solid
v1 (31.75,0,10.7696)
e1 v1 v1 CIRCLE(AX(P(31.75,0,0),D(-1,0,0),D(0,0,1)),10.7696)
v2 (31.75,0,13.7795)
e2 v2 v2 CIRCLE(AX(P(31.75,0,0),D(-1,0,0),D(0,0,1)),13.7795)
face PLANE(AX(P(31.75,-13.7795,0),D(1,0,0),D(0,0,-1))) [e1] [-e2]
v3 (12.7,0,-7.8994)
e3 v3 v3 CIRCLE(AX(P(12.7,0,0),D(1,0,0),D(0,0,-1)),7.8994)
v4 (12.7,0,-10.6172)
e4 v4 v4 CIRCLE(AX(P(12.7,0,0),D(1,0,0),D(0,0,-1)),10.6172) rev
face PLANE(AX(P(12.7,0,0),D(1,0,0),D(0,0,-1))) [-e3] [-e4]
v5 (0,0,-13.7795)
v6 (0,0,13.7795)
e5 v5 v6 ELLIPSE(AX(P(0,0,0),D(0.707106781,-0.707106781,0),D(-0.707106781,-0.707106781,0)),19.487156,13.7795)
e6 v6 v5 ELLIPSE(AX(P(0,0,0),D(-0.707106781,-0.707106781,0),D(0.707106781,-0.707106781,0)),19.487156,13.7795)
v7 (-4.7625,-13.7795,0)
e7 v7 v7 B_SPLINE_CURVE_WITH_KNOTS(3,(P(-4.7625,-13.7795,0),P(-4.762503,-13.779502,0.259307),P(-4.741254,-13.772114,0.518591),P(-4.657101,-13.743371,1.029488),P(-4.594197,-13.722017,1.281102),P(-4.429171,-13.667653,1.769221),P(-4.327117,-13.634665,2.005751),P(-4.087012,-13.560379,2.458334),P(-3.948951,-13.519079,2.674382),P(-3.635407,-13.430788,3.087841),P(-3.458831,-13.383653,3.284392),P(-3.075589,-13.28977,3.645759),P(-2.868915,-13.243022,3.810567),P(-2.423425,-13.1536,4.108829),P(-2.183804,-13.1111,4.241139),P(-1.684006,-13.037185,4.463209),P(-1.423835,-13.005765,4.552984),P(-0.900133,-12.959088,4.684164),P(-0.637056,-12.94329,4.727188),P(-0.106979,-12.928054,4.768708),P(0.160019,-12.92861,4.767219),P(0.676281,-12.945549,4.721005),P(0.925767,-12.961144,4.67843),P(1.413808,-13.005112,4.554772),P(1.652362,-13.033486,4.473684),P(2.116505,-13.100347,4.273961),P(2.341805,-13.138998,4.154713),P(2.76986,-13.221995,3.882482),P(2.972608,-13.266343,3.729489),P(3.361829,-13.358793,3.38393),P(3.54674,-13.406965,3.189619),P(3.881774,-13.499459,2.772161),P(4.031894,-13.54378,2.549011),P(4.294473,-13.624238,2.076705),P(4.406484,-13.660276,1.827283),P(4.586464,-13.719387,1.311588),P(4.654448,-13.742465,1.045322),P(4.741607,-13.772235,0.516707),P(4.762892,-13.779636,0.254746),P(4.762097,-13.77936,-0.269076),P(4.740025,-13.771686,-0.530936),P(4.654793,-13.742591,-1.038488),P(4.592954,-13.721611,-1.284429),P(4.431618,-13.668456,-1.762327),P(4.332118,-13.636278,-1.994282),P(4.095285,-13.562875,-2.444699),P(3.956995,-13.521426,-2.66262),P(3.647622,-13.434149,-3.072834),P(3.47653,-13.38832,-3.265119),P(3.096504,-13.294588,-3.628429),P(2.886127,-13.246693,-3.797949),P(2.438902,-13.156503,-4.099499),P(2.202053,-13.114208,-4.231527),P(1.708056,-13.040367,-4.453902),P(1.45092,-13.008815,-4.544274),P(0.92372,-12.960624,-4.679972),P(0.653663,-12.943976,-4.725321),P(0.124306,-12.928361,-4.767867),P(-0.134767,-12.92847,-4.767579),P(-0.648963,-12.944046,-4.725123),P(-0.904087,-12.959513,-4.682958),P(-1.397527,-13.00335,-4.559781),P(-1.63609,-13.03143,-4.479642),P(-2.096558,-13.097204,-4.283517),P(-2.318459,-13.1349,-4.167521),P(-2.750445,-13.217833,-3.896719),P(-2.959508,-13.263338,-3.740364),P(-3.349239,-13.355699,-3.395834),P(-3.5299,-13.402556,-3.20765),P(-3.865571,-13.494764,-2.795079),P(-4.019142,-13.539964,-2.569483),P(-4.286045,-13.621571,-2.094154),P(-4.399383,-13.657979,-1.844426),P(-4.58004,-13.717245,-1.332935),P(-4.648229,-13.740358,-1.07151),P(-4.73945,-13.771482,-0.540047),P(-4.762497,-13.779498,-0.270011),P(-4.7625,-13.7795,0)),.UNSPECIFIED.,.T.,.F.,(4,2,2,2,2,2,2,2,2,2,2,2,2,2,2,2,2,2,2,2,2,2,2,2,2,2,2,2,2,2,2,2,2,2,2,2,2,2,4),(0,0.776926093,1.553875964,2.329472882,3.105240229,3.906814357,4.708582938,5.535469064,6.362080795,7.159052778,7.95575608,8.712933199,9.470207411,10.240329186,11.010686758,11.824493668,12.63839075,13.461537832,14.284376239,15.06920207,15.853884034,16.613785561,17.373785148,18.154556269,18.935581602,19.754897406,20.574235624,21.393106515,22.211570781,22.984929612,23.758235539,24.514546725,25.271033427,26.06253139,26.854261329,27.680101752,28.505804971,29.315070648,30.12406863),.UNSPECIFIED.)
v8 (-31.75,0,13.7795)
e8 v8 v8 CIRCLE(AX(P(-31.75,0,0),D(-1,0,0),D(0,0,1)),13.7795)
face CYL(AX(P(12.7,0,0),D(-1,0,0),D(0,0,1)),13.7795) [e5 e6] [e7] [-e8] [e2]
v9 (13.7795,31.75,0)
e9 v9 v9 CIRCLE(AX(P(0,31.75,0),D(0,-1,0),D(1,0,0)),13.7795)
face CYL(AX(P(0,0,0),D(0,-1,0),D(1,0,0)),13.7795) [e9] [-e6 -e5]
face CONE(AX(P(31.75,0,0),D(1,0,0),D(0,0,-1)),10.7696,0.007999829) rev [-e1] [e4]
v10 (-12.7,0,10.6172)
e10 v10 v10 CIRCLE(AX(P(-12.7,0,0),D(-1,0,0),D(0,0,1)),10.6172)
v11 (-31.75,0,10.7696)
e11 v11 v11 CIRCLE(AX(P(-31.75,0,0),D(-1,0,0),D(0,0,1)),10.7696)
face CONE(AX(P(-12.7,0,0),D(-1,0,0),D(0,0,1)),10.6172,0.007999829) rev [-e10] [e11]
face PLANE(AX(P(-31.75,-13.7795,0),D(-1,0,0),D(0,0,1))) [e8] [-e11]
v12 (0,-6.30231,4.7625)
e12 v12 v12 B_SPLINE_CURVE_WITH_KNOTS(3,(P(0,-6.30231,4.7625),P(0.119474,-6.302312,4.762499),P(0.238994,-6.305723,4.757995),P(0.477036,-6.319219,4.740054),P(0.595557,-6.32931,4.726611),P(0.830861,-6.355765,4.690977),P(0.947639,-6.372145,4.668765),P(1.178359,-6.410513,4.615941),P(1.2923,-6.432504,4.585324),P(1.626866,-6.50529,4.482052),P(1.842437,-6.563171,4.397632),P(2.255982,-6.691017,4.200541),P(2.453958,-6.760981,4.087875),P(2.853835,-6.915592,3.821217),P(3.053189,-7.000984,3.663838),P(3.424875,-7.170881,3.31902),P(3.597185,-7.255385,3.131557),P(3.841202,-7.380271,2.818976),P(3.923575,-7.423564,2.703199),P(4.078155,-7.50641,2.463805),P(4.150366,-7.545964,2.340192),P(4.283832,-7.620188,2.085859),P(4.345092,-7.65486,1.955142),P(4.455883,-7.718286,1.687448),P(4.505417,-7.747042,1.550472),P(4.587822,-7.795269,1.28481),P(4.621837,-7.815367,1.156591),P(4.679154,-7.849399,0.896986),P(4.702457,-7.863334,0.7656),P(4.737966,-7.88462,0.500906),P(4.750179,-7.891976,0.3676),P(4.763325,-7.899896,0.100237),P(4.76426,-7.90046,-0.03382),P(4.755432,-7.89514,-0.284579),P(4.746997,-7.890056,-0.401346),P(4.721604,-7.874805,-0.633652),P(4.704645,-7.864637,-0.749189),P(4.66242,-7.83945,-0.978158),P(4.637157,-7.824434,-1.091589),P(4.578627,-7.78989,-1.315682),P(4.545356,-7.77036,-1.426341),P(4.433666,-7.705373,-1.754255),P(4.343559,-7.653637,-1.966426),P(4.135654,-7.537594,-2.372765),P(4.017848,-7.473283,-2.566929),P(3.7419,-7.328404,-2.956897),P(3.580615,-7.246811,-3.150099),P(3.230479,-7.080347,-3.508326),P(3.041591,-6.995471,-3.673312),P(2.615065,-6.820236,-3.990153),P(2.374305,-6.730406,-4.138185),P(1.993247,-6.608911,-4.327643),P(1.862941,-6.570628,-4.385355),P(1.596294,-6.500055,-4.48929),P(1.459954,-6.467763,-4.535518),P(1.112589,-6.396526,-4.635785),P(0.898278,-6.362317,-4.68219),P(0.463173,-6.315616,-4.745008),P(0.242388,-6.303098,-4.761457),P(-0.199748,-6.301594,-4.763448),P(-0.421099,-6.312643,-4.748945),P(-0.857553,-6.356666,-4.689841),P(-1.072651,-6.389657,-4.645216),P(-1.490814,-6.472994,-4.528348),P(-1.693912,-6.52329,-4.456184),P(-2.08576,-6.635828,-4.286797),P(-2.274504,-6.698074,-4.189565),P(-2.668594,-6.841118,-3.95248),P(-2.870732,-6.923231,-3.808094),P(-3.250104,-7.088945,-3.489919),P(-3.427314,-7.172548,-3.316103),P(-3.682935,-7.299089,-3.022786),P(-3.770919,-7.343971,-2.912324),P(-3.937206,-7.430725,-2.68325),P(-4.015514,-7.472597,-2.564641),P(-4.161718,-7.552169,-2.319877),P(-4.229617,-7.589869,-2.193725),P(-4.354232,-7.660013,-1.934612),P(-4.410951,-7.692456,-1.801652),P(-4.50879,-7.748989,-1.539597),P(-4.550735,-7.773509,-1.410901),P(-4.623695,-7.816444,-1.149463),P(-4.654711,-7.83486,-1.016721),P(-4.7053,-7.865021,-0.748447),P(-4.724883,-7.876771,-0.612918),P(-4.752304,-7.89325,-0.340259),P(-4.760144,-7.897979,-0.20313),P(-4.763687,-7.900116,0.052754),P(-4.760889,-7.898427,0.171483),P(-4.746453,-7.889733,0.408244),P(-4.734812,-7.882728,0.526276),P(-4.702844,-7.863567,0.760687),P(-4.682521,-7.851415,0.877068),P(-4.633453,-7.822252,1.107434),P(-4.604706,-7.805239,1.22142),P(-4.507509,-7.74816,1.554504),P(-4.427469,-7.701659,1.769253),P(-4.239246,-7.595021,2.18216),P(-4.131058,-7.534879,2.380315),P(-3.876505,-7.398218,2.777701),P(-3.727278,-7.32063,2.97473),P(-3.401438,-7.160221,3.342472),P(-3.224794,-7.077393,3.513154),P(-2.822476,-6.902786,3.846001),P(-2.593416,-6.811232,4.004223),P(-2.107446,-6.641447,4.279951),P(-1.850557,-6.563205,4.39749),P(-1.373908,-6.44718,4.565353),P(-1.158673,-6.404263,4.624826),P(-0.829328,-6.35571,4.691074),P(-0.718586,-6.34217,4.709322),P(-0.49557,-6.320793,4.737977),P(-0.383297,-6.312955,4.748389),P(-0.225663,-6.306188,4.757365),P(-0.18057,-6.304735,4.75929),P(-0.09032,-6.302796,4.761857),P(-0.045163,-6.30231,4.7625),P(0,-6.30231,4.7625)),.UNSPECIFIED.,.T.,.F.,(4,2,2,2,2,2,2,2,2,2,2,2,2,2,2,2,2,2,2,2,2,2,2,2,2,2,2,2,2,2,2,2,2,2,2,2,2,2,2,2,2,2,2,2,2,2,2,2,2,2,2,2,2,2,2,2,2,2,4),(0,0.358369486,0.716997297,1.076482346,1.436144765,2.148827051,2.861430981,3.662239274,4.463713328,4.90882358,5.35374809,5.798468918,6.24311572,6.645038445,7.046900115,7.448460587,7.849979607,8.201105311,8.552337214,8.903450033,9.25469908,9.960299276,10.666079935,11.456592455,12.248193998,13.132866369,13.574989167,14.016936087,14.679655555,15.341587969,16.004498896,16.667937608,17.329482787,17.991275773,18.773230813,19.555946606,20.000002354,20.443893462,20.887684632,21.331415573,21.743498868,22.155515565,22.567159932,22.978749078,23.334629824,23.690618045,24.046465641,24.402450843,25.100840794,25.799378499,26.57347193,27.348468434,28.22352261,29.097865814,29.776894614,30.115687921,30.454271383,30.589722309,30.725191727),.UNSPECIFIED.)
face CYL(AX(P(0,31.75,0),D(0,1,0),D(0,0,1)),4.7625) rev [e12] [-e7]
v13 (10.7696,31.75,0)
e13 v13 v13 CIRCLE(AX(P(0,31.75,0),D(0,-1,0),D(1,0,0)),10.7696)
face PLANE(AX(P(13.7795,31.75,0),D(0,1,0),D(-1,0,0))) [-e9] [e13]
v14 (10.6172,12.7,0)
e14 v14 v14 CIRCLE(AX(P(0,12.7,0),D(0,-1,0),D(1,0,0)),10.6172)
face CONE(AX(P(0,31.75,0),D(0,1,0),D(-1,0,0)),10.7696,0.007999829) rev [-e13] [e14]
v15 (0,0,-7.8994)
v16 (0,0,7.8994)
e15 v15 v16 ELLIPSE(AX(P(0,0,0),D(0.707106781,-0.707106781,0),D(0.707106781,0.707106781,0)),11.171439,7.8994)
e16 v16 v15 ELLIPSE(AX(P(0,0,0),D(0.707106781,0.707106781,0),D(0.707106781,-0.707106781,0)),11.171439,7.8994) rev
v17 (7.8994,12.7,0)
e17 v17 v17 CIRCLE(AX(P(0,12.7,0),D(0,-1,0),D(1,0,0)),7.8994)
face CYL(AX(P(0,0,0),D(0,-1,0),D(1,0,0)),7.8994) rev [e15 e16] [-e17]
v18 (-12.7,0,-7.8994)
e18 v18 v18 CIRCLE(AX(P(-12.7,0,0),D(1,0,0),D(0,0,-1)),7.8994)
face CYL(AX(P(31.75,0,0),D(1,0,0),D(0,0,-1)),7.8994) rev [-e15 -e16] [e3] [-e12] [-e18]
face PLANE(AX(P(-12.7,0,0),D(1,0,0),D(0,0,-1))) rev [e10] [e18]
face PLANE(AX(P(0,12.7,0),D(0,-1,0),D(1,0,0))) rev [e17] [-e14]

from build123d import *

# Parameters (mm, degrees)
SKETCH4_R                    = 13.7795
BOSS_EXTRUDE1_DEPTH          = 25.4
SKETCH5_R                    = 13.7795
BOSS_EXTRUDE2_DEPTH          = 12.7
F_3_8_0_375_DIAMETER_HOLE1_D = 9.525


with BuildPart() as part:
    # Sketch1 → Revolve1 (revolve)
    with BuildSketch(Plane.XY):
        Polygon((-31.75, -13.7795), (-12.7, -13.7795), (-12.7, -10.6172), (-31.75, -10.7696), align=None)
        Polygon((31.75, -10.7696), (12.7, -10.6172), (12.7, -13.7795), (31.75, -13.7795), align=None)
    revolve(axis=Axis((-31.75, 0, 0), (1, 0, 0)))



with BuildPart() as body_2:
    # Sketch2 → Revolve2 (revolve)
    with BuildSketch(Plane.XY):
        Polygon((10.7696, 31.75), (10.6172, 12.7), (13.7795, 12.7), (13.7795, 31.75), align=None)
    revolve(axis=Axis((0, 0, 0), (0, 1, 0)))


with BuildPart() as part_1:
    add(part.part)

    add(body_2.part)  # Boss-Extrude1 merges body 2
    # Sketch4 → Boss-Extrude1 (add)
    with BuildSketch(Plane(origin=(-12.7, 0, 0), x_dir=(0, 0, -1), z_dir=(1, 0, 0))):
        Circle(SKETCH4_R)
    extrude(amount=BOSS_EXTRUDE1_DEPTH)

    # Sketch5 → Boss-Extrude2 (add)
    with BuildSketch(Plane.XZ.offset(-12.7)):
        Circle(SKETCH5_R)
    extrude(amount=BOSS_EXTRUDE2_DEPTH)

    # Sketch6 → Cut-Revolve1 (revolve, cut)
    with BuildSketch(Plane.XY):
        Polygon((-31.75, -10.7696), (-12.7, -10.6172), (-12.7, -7.8994), (12.7, -7.8994), (12.7, -10.6172), (31.75, -10.7696), (31.75, 0), (-31.75, 0), align=None)
    revolve(axis=Axis((31.75, 0, 0), (-1, 0, 0)), mode=Mode.SUBTRACT)

    # Sketch7 → Cut-Revolve2 (revolve, cut)
    with BuildSketch(Plane.XY):
        Polygon((10.7696, 31.75), (10.6172, 12.7), (7.8994, 12.7), (7.8994, 0), (0, 0), (0, 31.75), align=None)
    revolve(axis=Axis((0, 0, 0), (0, 1, 0)), mode=Mode.SUBTRACT)

    # 3/8 (0.375) Diameter Hole1 (through all)
    with Locations(Plane(origin=(0, 31.75, 0), x_dir=(-1, 0, 0), z_dir=(0, 1, 0))):
        with Locations((0, 0)):
            Hole(F_3_8_0_375_DIAMETER_HOLE1_D / 2)


solid = part_1.part
